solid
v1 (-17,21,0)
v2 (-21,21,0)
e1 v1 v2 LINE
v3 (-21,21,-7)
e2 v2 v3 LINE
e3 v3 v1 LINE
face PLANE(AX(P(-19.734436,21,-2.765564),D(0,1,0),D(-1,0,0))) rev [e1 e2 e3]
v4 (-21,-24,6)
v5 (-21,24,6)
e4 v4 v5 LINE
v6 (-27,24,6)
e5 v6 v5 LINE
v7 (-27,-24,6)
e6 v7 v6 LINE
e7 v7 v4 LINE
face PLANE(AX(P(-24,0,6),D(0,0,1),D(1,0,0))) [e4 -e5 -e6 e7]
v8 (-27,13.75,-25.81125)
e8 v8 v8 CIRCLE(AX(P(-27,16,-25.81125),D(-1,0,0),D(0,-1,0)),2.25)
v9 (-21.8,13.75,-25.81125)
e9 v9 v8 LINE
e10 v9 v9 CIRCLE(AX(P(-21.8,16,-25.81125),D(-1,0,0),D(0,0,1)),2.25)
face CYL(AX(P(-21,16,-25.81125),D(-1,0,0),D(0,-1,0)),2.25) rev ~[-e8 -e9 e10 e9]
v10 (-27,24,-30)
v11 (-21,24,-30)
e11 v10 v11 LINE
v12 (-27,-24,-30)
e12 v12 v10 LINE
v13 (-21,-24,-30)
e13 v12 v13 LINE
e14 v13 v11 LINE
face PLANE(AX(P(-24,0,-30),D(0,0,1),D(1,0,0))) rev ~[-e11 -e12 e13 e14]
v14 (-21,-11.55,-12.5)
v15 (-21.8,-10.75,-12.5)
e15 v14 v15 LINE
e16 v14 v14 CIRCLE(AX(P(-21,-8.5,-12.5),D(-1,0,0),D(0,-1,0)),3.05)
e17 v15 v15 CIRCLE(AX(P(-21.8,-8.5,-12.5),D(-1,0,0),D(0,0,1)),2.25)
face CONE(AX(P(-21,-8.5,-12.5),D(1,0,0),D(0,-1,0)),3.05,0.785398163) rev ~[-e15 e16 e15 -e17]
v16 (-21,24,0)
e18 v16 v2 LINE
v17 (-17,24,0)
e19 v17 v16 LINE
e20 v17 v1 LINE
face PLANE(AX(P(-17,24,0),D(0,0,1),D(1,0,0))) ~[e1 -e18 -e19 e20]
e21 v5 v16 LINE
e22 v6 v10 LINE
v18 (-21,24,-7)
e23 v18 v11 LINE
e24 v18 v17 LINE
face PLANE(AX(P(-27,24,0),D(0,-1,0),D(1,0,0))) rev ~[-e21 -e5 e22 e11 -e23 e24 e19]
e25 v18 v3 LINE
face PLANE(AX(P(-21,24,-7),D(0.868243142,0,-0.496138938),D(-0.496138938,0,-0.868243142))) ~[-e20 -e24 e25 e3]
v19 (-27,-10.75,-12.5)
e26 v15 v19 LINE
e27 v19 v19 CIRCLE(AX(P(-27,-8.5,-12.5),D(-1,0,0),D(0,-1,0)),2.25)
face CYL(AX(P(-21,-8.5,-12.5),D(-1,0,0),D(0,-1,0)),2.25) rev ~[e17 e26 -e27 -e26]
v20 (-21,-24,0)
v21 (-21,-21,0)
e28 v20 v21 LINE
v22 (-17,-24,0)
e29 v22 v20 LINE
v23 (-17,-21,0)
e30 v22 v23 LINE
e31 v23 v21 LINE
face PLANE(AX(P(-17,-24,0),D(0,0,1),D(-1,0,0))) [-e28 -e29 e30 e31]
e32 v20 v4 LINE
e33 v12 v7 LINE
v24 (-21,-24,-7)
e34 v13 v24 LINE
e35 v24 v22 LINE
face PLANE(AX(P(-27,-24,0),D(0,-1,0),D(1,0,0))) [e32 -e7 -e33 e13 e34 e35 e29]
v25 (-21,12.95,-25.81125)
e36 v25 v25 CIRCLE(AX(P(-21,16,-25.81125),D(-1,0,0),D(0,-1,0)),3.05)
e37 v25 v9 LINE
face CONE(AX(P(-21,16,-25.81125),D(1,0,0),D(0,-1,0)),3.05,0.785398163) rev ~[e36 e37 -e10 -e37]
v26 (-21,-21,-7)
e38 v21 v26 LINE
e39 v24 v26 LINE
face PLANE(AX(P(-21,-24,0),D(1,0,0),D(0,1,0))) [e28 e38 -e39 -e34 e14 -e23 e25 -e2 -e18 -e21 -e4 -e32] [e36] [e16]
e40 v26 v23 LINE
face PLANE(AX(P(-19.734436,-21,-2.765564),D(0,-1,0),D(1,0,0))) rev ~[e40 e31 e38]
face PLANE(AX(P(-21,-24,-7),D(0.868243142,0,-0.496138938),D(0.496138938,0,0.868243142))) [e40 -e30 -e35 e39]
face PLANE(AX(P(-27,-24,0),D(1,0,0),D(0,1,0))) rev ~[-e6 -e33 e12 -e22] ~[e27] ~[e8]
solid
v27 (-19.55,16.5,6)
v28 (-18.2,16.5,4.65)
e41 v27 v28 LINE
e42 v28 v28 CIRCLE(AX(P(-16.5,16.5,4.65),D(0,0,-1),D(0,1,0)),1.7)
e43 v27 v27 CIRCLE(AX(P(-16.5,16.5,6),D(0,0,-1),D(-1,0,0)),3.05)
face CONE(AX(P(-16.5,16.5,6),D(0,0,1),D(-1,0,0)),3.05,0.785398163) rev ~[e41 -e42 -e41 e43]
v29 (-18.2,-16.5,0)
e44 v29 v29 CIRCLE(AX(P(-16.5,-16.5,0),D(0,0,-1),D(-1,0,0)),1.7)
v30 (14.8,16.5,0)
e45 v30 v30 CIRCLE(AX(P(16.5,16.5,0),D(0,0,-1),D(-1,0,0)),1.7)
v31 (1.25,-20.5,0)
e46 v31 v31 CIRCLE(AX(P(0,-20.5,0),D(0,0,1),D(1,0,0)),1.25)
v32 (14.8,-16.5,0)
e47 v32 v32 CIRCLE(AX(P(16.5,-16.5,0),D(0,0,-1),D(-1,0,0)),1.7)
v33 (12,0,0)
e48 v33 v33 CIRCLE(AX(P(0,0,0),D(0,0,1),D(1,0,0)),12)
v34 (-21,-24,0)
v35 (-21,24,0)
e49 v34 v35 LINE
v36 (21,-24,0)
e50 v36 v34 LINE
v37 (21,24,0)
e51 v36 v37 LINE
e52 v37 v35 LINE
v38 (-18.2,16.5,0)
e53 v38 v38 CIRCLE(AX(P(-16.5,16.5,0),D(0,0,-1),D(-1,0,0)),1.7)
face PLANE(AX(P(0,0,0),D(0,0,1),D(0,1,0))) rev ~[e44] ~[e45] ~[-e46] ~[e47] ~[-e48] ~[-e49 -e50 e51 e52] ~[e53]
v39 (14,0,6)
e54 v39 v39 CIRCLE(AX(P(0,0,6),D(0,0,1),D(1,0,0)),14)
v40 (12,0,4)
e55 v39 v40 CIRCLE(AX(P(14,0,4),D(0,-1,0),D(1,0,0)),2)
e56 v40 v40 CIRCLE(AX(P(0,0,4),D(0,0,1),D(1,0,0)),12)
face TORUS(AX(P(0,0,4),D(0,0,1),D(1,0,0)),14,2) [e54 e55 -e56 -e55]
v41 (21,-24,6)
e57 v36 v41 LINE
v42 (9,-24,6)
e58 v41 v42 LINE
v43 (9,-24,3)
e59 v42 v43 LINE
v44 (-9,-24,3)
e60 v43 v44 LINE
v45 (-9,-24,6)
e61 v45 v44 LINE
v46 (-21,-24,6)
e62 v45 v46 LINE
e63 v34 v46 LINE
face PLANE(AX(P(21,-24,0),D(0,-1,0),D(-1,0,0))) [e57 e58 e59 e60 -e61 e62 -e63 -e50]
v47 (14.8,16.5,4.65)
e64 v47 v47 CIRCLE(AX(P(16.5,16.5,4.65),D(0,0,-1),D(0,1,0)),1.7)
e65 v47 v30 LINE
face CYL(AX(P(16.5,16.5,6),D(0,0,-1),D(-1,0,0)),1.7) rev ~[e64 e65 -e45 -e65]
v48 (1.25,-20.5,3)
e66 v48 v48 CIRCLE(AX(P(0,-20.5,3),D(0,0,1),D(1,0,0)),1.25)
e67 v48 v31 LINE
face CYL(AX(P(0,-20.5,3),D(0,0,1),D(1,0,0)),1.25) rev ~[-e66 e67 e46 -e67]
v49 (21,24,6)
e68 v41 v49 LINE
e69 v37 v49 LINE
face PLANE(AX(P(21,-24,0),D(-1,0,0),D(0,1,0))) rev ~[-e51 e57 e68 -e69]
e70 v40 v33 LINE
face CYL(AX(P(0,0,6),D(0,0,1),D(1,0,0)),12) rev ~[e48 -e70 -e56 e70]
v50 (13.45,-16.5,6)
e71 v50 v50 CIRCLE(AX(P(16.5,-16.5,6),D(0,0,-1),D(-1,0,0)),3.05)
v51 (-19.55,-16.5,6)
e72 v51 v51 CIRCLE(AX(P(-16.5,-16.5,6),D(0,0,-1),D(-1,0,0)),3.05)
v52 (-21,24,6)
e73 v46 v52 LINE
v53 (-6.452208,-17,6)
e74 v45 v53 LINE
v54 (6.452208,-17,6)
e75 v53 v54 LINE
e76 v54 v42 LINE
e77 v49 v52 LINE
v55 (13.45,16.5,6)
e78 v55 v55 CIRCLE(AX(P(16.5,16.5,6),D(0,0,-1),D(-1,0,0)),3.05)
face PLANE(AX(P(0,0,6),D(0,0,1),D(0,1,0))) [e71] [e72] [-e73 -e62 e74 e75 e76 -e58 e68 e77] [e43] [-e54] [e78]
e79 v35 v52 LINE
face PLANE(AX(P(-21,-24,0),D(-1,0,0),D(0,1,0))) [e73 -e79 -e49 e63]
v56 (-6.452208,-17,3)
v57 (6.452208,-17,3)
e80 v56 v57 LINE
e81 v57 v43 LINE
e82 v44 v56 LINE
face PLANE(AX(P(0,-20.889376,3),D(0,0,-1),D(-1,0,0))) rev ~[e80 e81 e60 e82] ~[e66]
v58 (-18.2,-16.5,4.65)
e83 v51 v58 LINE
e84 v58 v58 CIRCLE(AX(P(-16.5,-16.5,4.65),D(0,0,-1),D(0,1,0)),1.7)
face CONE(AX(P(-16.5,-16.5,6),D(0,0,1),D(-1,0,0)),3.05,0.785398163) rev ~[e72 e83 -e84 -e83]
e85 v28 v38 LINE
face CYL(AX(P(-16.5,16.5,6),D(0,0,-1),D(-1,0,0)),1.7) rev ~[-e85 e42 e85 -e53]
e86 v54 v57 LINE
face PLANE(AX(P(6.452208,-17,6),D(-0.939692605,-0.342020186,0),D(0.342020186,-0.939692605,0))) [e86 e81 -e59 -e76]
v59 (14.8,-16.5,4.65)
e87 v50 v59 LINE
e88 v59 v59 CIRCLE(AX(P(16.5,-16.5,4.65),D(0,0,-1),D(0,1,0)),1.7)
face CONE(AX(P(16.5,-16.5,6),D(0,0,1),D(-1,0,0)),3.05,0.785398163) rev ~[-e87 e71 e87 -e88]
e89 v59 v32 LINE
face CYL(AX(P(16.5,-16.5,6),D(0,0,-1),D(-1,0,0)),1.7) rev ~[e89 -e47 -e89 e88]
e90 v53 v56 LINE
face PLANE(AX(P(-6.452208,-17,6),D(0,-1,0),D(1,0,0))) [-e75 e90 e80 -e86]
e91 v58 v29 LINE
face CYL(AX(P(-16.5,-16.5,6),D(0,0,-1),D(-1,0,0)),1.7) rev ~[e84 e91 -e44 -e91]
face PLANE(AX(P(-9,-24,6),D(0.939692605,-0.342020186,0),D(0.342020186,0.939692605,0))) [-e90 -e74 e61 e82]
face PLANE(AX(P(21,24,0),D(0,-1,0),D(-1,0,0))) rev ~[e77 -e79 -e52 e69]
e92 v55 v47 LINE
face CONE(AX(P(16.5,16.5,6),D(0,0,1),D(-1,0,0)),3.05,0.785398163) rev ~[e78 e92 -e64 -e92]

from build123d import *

# Parameters (mm, degrees)
BINDER016_W         = 48
BINDER016_H         = 42
PAD009_DEPTH        = 6
HOLE007_D           = 3.4
HOLE007_CSINK_D     = 6.1
HOLE007_CSINK_ANGLE = 90
SKETCH030_R         = 12
POCKET008_DEPTH     = 6.001
FILLET003_R         = 2
POCKET012_DEPTH     = 3
SKETCH040_R         = 1.25
POCKET013_DEPTH     = 3.001
SKETCH028_W         = 6
SKETCH028_H         = 48
PAD010_DEPTH        = 6
PAD010_DEPTH_BACK   = 30
PAD011_DEPTH        = 3
HOLE011_D           = 4.5
HOLE011_DEPTH       = 25
HOLE011_CSINK_D     = 6.1
HOLE011_CSINK_ANGLE = 90


with BuildPart() as body013:
    # Binder016 → Pad009 (new body)
    with BuildSketch(Plane(origin=(0, 0, 0), x_dir=(0, 1, 0), z_dir=(0, 0, 1))):
        Rectangle(BINDER016_W, BINDER016_H)
    extrude(amount=PAD009_DEPTH)

    # Hole007 (through all)
    with Locations(Plane.XY.offset(6)):
        with Locations((-16.5, 16.5), (-16.5, -16.5), (16.5, -16.5), (16.5, 16.5)):
            CounterSinkHole(HOLE007_D / 2, HOLE007_CSINK_D / 2, counter_sink_angle=HOLE007_CSINK_ANGLE)

    # Sketch030 (on Face5 of Hole007) → Pocket008 (cut, through all)
    with BuildSketch(Plane.XY.offset(6)):
        Circle(SKETCH030_R)
    extrude(amount=-POCKET008_DEPTH, mode=Mode.SUBTRACT)

    # Fillet003
    fillet003_edges = [body013.edges().sort_by_distance(p)[0] for p in [
        (-12, 0, 6),
    ]]
    fillet(fillet003_edges, radius=FILLET003_R)

    # Sketch031 (on Face1 of Fillet003) → Pocket012 (cut)
    with BuildSketch(Plane.XY.offset(6)):
        Polygon((-9, -24), (-6.452208, -17), (6.452208, -17), (9, -24), align=None)
    extrude(amount=-POCKET012_DEPTH, mode=Mode.SUBTRACT)

    # Sketch040 (on Face15 of Pocket012) → Pocket013 (cut, through all)
    with BuildSketch(Plane.XY.offset(3)):
        with Locations((0, -20.5)):
            Circle(SKETCH040_R)
    extrude(amount=-POCKET013_DEPTH, mode=Mode.SUBTRACT)


with BuildPart() as body014:
    # Sketch028 (on Face1 of Binder017) → Pad010 (new body, two sides)
    with BuildSketch(Plane.XY) as pad010_sk:
        with Locations((-24, 0)):
            Rectangle(SKETCH028_W, SKETCH028_H)
    extrude(amount=PAD010_DEPTH)
    extrude(pad010_sk.sketch, amount=-PAD010_DEPTH_BACK)

    # Sketch029 (on Face3 of Pad010) → Pad011 (join)
    with BuildSketch(Plane.XZ.offset(24)):
        Polygon((-21, 0), (-21, -7), (-17, 0), align=None)
    pad011 = extrude(amount=-PAD011_DEPTH)

    # Mirrored003: Pad011 across XZ
    add(pad011.mirror(Plane.XZ))

    # Hole011
    with Locations(Plane(origin=(-21, 24, 0), x_dir=(0, 1, 0), z_dir=(1, 0, 0))):
        with Locations((-32.5, -12.5), (-8, -25.81125)):
            CounterSinkHole(HOLE011_D / 2, HOLE011_CSINK_D / 2, depth=HOLE011_DEPTH, counter_sink_angle=HOLE011_CSINK_ANGLE)


solid = Compound([body013.part, body014.part])
